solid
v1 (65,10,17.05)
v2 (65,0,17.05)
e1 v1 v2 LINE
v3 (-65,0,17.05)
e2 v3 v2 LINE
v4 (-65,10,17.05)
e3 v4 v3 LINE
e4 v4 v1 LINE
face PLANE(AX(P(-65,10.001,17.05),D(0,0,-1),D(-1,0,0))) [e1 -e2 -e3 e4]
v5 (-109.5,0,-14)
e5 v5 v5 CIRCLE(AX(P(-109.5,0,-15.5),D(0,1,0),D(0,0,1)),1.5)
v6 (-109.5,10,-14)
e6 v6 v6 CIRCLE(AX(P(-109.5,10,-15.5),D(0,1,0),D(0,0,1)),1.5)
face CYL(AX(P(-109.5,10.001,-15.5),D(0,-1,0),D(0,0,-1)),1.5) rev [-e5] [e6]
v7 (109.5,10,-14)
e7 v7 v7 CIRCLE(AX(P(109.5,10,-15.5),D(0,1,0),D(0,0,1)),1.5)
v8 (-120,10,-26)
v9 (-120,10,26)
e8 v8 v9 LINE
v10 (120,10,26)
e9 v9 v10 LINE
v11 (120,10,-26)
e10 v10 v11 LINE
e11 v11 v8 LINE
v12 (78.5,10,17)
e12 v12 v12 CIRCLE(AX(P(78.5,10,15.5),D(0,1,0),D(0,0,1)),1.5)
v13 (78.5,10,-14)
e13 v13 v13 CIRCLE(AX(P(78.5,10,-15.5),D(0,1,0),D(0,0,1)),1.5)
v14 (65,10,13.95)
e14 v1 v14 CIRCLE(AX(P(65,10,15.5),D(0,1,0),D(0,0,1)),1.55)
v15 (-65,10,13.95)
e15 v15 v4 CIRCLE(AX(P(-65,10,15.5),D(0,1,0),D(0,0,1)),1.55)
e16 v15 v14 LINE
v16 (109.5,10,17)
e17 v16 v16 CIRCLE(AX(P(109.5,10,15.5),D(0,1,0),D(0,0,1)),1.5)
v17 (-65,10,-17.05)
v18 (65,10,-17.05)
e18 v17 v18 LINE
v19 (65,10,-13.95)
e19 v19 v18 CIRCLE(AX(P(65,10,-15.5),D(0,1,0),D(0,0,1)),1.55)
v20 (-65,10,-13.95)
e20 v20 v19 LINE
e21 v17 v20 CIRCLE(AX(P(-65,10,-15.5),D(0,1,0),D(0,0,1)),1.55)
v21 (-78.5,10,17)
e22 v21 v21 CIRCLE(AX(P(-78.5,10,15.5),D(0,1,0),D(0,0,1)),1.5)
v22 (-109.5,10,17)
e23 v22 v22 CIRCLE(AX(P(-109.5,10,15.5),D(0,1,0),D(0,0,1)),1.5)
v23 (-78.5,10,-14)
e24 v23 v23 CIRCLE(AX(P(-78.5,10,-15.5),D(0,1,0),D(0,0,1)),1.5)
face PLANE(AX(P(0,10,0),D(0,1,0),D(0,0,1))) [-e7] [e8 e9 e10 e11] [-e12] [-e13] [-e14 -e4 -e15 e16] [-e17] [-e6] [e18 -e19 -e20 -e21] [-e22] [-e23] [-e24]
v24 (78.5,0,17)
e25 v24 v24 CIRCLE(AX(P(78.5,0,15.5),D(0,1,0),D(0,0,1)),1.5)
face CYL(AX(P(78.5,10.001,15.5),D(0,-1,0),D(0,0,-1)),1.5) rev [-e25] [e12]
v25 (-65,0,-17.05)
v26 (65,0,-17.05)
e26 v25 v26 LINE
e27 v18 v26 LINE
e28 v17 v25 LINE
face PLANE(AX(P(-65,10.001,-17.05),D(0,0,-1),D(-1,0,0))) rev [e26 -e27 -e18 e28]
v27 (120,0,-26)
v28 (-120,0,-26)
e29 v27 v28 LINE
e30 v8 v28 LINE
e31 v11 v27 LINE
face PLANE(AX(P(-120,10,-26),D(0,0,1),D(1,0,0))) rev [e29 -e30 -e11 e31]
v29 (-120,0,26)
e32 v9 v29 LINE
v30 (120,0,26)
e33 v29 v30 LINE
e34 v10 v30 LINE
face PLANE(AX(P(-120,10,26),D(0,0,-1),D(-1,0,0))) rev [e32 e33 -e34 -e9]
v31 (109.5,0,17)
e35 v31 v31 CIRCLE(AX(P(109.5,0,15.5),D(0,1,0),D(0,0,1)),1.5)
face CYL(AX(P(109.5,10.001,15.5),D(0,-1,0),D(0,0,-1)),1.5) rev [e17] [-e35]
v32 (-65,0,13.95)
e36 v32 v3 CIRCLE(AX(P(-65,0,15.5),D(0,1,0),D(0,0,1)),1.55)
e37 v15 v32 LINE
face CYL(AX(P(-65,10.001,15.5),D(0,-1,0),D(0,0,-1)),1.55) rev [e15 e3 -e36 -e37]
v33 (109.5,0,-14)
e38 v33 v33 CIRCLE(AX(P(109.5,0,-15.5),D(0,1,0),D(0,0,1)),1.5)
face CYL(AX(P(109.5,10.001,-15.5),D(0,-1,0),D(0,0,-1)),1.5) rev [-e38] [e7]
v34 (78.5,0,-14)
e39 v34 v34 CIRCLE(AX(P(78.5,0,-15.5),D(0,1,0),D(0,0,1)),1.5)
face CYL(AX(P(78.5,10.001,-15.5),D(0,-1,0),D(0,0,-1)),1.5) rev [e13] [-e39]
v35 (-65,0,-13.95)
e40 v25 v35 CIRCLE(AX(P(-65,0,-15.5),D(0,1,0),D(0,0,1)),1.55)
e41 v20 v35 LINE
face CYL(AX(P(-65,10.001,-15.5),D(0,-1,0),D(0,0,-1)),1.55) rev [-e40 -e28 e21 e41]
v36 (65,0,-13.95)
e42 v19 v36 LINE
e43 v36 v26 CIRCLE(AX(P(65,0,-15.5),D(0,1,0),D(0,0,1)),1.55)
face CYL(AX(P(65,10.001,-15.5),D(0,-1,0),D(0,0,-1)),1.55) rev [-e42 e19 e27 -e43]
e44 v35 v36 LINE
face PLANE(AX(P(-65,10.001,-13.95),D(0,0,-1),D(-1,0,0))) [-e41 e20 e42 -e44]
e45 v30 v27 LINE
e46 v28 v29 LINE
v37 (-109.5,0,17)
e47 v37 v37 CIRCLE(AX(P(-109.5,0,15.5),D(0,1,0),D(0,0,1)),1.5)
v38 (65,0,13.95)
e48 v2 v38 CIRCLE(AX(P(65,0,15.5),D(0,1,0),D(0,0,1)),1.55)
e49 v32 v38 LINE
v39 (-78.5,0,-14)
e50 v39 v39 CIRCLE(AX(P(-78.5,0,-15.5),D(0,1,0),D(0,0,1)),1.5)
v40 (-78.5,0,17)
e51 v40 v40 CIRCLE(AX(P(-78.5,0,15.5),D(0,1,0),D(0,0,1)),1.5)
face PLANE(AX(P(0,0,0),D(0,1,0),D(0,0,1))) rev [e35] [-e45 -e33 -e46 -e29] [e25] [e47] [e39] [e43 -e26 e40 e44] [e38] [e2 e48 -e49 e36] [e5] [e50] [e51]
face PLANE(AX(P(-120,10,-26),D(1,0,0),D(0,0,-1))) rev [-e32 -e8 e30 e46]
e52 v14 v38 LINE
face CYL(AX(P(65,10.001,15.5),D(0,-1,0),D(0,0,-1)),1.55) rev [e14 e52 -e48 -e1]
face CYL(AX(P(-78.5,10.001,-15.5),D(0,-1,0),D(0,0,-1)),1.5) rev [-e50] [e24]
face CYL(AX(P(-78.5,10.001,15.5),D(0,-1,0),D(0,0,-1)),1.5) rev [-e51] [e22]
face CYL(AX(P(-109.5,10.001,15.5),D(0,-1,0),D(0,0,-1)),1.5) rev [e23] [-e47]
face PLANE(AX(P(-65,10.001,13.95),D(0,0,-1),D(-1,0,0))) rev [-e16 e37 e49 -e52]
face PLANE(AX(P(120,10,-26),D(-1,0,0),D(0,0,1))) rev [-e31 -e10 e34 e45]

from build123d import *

# Parameters (mm, degrees)
SKETCH_12_W         = 240
SKETCH_12_H         = 52
EXTRUDE_1_DEPTH     = 10
CUT_EXTRUDE_4_REACH = 125.191
SKETCH_11_R         = 1.5


with BuildPart() as part:
    # 草图12 → 凸台-拉伸1 (new body)
    with BuildSketch(Plane(origin=(0, 0, 0), x_dir=(1, 0, 0), z_dir=(0, 1, 0))):
        Rectangle(SKETCH_12_W, SKETCH_12_H)
    extrude(amount=EXTRUDE_1_DEPTH)

    # 草图11 → 切除-拉伸4 (cut, up to next)
    with BuildSketch(Plane(origin=(0, 0, 0), x_dir=(1, 0, 0), z_dir=(0, 1, 0)), mode=Mode.PRIVATE) as cut_extrude_4_sk1:
        with Locations(Location((-109.5, 15.5, 0), (0, 0, 270))):
            Circle(SKETCH_11_R)
    cut_extrude_4_tool1 = extrude(cut_extrude_4_sk1.sketch, amount=CUT_EXTRUDE_4_REACH, mode=Mode.PRIVATE) & part.part
    # 草图11 → 切除-拉伸4 (cut, up to next)
    with BuildSketch(Plane(origin=(0, 0, 0), x_dir=(1, 0, 0), z_dir=(0, 1, 0)), mode=Mode.PRIVATE) as cut_extrude_4_sk2:
        with Locations(Location((-78.5, 15.5, 0), (0, 0, 270))):
            Circle(SKETCH_11_R)
    cut_extrude_4_tool2 = extrude(cut_extrude_4_sk2.sketch, amount=CUT_EXTRUDE_4_REACH, mode=Mode.PRIVATE) & part.part
    # 草图11 → 切除-拉伸4 (cut, up to next)
    with BuildSketch(Plane(origin=(0, 0, 0), x_dir=(1, 0, 0), z_dir=(0, 1, 0)), mode=Mode.PRIVATE) as cut_extrude_4_sk3:
        with Locations(Location((-109.5, -15.5, 0), (0, 0, 270))):
            Circle(SKETCH_11_R)
    cut_extrude_4_tool3 = extrude(cut_extrude_4_sk3.sketch, amount=CUT_EXTRUDE_4_REACH, mode=Mode.PRIVATE) & part.part
    # 草图11 → 切除-拉伸4 (cut, up to next)
    with BuildSketch(Plane(origin=(0, 0, 0), x_dir=(1, 0, 0), z_dir=(0, 1, 0)), mode=Mode.PRIVATE) as cut_extrude_4_sk4:
        with Locations(Location((-78.5, -15.5, 0), (0, 0, 270))):
            Circle(SKETCH_11_R)
    cut_extrude_4_tool4 = extrude(cut_extrude_4_sk4.sketch, amount=CUT_EXTRUDE_4_REACH, mode=Mode.PRIVATE) & part.part
    # 草图11 → 切除-拉伸4 (cut, up to next)
    with BuildSketch(Plane(origin=(0, 0, 0), x_dir=(1, 0, 0), z_dir=(0, 1, 0)), mode=Mode.PRIVATE) as cut_extrude_4_sk5:
        with Locations(Location((78.5, 15.5, 0), (0, 0, 270))):
            Circle(SKETCH_11_R)
    cut_extrude_4_tool5 = extrude(cut_extrude_4_sk5.sketch, amount=CUT_EXTRUDE_4_REACH, mode=Mode.PRIVATE) & part.part
    # 草图11 → 切除-拉伸4 (cut, up to next)
    with BuildSketch(Plane(origin=(0, 0, 0), x_dir=(1, 0, 0), z_dir=(0, 1, 0)), mode=Mode.PRIVATE) as cut_extrude_4_sk6:
        with Locations(Location((109.5, 15.5, 0), (0, 0, 270))):
            Circle(SKETCH_11_R)
    cut_extrude_4_tool6 = extrude(cut_extrude_4_sk6.sketch, amount=CUT_EXTRUDE_4_REACH, mode=Mode.PRIVATE) & part.part
    # 草图11 → 切除-拉伸4 (cut, up to next)
    with BuildSketch(Plane(origin=(0, 0, 0), x_dir=(1, 0, 0), z_dir=(0, 1, 0)), mode=Mode.PRIVATE) as cut_extrude_4_sk7:
        with Locations(Location((109.5, -15.5, 0), (0, 0, 270))):
            Circle(SKETCH_11_R)
    cut_extrude_4_tool7 = extrude(cut_extrude_4_sk7.sketch, amount=CUT_EXTRUDE_4_REACH, mode=Mode.PRIVATE) & part.part
    # 草图11 → 切除-拉伸4 (cut, up to next)
    with BuildSketch(Plane(origin=(0, 0, 0), x_dir=(1, 0, 0), z_dir=(0, 1, 0)), mode=Mode.PRIVATE) as cut_extrude_4_sk8:
        with Locations(Location((78.5, -15.5, 0), (0, 0, 270))):
            Circle(SKETCH_11_R)
    cut_extrude_4_tool8 = extrude(cut_extrude_4_sk8.sketch, amount=CUT_EXTRUDE_4_REACH, mode=Mode.PRIVATE) & part.part
    # 草图11 → 切除-拉伸4 (cut, up to next)
    with BuildSketch(Plane(origin=(0, 0, 0), x_dir=(1, 0, 0), z_dir=(0, 1, 0)), mode=Mode.PRIVATE) as cut_extrude_4_sk9:
        with BuildLine():
            Line((-65, 17.05), (65, 17.05))
            ThreePointArc((65, 17.05), (66.55, 15.5), (65, 13.95))
            Line((65, 13.95), (-65, 13.95))
            ThreePointArc((-65, 13.95), (-66.55, 15.5), (-65, 17.05))
        make_face()
    cut_extrude_4_tool9 = extrude(cut_extrude_4_sk9.sketch, amount=CUT_EXTRUDE_4_REACH, mode=Mode.PRIVATE) & part.part
    # 草图11 → 切除-拉伸4 (cut, up to next)
    with BuildSketch(Plane(origin=(0, 0, 0), x_dir=(1, 0, 0), z_dir=(0, 1, 0)), mode=Mode.PRIVATE) as cut_extrude_4_sk10:
        with BuildLine():
            Line((-65, -13.95), (65, -13.95))
            ThreePointArc((65, -13.95), (66.55, -15.5), (65, -17.05))
            Line((65, -17.05), (-65, -17.05))
            ThreePointArc((-65, -17.05), (-66.55, -15.5), (-65, -13.95))
        make_face()
    cut_extrude_4_tool10 = extrude(cut_extrude_4_sk10.sketch, amount=CUT_EXTRUDE_4_REACH, mode=Mode.PRIVATE) & part.part
    add(cut_extrude_4_tool1.solids().sort_by_distance((-109.5, 0, -15.5))[0], mode=Mode.SUBTRACT)
    add(cut_extrude_4_tool2.solids().sort_by_distance((-78.5, 0, -15.5))[0], mode=Mode.SUBTRACT)
    add(cut_extrude_4_tool3.solids().sort_by_distance((-109.5, 0, 15.5))[0], mode=Mode.SUBTRACT)
    add(cut_extrude_4_tool4.solids().sort_by_distance((-78.5, 0, 15.5))[0], mode=Mode.SUBTRACT)
    add(cut_extrude_4_tool5.solids().sort_by_distance((78.5, 0, -15.5))[0], mode=Mode.SUBTRACT)
    add(cut_extrude_4_tool6.solids().sort_by_distance((109.5, 0, -15.5))[0], mode=Mode.SUBTRACT)
    add(cut_extrude_4_tool7.solids().sort_by_distance((109.5, 0, 15.5))[0], mode=Mode.SUBTRACT)
    add(cut_extrude_4_tool8.solids().sort_by_distance((78.5, 0, 15.5))[0], mode=Mode.SUBTRACT)
    add(cut_extrude_4_tool9.solids().sort_by_distance((0, 0, -15.5))[0], mode=Mode.SUBTRACT)
    add(cut_extrude_4_tool10.solids().sort_by_distance((0, 0, 15.5))[0], mode=Mode.SUBTRACT)


solid = part.part
